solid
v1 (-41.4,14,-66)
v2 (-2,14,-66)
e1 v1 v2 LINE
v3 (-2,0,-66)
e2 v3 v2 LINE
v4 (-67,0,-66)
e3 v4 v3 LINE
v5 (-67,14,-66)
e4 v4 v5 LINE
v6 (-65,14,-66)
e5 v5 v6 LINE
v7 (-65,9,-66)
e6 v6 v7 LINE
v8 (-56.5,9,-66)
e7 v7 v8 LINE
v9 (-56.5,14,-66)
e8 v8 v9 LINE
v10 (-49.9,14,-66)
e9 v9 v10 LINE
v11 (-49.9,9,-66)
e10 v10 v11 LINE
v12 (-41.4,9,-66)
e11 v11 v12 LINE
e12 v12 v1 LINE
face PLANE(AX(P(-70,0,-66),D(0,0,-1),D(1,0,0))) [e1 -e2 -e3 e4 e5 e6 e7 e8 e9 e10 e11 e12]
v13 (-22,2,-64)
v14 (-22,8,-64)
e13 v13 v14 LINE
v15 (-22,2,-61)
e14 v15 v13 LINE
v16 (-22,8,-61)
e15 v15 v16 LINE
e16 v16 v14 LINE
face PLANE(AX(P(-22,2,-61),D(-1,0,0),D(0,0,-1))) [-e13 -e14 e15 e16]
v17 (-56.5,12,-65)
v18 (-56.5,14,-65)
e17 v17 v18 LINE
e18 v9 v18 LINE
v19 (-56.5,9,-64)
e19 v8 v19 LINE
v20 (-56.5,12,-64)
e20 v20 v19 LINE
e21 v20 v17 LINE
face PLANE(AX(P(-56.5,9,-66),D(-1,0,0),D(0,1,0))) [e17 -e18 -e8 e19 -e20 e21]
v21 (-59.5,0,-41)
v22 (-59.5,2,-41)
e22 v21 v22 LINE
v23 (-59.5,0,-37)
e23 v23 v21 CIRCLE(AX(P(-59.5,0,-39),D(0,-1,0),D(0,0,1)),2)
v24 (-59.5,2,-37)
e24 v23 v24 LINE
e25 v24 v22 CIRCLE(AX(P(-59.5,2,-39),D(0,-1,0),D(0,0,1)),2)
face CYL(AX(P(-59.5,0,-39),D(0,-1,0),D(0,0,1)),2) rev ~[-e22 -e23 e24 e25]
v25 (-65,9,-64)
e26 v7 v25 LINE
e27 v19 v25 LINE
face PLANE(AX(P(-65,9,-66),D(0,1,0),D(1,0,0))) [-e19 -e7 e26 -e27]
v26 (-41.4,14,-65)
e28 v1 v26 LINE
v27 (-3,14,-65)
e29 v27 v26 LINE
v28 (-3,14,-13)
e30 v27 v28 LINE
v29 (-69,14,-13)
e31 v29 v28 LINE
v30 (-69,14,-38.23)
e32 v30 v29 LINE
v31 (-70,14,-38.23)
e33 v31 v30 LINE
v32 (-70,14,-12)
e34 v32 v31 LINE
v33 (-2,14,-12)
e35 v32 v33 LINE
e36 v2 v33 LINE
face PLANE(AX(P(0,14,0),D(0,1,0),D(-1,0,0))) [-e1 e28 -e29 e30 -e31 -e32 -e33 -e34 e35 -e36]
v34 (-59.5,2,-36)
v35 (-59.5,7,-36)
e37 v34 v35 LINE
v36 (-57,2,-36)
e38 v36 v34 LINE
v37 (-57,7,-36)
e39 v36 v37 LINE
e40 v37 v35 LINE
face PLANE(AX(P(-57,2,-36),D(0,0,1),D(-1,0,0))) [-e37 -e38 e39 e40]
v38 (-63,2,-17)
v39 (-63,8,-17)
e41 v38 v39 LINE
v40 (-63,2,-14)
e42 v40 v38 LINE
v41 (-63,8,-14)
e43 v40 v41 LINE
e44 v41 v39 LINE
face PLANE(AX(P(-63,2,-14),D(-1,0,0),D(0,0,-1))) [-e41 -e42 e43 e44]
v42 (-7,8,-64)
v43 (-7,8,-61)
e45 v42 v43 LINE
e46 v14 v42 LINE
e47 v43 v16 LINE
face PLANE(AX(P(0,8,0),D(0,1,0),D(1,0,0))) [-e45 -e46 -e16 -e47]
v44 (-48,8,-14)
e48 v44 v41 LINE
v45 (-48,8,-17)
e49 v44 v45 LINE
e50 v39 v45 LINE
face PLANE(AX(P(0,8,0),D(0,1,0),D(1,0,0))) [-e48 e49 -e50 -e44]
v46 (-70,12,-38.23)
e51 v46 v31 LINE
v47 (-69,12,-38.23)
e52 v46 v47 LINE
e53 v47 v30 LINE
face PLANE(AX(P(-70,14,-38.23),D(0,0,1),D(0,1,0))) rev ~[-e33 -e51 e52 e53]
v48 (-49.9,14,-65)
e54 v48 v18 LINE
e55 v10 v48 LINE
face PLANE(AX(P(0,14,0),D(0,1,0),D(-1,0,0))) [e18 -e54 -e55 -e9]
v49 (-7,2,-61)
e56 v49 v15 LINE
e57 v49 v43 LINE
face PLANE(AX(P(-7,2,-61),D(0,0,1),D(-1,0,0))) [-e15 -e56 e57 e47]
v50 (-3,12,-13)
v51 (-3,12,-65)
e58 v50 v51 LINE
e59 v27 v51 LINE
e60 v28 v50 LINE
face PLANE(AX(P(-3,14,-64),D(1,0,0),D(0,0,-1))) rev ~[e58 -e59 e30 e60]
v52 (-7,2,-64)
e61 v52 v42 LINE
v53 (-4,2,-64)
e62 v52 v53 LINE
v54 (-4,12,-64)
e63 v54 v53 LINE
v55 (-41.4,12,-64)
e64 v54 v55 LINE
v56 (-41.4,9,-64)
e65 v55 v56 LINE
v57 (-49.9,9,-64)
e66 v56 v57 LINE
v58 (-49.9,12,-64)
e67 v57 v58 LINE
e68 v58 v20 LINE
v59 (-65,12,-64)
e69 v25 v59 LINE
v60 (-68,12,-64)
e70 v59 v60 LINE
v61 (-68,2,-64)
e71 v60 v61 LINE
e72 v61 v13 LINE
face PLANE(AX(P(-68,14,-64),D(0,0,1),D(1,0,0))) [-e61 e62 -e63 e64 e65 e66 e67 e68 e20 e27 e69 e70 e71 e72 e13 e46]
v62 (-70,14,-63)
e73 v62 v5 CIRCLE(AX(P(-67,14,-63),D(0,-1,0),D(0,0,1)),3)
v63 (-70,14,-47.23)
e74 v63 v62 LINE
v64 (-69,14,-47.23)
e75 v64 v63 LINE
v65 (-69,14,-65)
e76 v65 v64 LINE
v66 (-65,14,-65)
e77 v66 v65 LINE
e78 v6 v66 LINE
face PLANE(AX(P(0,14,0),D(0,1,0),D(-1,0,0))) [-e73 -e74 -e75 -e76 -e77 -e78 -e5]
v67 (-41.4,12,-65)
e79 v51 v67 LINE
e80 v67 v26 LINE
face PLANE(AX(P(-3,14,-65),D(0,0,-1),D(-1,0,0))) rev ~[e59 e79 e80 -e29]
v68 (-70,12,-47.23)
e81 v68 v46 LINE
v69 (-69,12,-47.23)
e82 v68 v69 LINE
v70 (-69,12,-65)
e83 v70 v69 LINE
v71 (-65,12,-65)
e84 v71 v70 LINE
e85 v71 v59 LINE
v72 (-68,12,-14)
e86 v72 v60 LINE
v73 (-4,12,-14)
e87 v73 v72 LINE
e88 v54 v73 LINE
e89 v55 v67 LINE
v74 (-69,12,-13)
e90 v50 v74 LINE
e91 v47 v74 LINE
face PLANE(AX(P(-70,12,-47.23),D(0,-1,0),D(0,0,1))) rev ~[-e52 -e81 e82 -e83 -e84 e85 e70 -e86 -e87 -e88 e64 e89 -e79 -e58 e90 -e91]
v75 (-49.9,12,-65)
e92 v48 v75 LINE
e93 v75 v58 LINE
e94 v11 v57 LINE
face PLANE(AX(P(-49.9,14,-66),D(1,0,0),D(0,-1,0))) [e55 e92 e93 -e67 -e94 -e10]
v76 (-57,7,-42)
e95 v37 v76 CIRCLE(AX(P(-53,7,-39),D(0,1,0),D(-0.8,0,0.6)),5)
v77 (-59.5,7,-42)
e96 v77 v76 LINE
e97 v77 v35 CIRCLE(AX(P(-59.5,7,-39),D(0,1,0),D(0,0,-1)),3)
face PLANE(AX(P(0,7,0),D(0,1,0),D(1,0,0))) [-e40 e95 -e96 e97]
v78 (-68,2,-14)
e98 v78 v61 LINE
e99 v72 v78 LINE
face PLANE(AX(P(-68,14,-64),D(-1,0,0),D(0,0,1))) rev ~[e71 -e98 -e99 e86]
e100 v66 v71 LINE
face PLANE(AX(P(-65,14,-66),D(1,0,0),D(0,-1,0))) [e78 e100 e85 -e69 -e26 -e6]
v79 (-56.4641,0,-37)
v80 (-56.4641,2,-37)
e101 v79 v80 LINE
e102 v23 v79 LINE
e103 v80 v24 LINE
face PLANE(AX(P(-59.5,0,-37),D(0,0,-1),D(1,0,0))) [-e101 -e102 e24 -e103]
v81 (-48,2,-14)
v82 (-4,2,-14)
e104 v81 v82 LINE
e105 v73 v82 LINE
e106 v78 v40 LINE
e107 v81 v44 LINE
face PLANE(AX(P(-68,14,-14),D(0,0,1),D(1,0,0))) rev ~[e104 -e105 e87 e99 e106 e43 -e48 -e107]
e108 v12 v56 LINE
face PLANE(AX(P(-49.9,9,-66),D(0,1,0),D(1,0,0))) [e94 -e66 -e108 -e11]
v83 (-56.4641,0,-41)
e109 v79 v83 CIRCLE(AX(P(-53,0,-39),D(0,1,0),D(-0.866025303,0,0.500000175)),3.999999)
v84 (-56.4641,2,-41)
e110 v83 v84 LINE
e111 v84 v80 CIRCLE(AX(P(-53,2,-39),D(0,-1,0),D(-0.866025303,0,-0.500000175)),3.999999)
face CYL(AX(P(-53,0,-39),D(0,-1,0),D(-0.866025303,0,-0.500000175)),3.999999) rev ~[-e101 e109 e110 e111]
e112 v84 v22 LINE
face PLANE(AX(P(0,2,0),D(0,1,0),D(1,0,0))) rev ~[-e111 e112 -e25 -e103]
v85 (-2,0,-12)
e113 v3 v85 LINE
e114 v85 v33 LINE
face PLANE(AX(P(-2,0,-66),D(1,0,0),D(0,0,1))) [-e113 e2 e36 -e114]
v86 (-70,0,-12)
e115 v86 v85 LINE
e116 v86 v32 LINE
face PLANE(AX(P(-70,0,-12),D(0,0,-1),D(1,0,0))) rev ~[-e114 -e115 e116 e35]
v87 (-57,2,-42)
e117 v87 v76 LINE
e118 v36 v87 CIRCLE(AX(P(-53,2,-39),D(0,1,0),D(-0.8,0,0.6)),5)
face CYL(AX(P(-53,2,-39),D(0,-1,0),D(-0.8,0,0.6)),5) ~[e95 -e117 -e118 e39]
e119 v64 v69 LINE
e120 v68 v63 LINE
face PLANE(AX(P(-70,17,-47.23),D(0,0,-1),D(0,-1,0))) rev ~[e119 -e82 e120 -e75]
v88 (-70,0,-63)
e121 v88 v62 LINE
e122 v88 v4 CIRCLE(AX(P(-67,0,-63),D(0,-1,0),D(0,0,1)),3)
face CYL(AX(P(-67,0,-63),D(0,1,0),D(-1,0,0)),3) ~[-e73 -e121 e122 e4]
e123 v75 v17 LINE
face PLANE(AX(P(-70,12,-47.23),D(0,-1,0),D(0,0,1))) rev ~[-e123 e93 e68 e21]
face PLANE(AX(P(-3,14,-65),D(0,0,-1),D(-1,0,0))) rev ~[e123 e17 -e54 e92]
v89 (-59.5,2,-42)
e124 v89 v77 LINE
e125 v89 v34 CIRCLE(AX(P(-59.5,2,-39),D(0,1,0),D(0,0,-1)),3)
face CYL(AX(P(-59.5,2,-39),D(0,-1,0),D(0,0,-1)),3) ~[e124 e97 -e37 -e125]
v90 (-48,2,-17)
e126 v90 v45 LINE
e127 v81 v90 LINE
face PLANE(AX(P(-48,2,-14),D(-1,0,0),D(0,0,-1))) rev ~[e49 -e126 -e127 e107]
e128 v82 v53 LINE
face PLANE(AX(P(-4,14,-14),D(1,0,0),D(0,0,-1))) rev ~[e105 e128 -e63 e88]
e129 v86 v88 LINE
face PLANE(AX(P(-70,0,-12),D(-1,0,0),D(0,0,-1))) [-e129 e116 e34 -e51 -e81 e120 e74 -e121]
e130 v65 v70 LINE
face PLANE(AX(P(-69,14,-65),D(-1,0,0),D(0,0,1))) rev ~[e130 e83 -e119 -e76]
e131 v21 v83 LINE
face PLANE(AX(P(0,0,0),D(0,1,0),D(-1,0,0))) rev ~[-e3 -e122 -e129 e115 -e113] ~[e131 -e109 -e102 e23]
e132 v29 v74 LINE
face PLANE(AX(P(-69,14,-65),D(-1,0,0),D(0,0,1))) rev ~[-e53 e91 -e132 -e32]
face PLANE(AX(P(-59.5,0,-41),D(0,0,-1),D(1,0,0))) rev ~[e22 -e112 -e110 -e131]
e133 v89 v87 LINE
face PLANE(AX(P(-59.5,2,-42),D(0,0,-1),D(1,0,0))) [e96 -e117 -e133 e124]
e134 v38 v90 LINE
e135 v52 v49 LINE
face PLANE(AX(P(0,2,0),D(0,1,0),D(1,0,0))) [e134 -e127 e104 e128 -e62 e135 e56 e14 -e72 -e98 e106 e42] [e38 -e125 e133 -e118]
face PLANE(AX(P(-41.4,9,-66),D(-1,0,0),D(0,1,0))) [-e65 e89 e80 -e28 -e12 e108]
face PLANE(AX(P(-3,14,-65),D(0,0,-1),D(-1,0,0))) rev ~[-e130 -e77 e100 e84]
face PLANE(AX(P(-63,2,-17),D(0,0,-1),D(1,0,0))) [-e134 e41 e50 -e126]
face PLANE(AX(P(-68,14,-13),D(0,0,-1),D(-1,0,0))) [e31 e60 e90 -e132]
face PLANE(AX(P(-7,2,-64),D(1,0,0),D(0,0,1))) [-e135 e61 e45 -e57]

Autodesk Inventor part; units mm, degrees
ref_plane "YZ Plane" through (0, 0, 0) normal (1, 0, 0) x (0, 1, 0)
ref_plane "XZ Plane" through (0, 0, 0) normal (0, 1, 0) x (-1, 0, 0)
ref_plane "XY Plane" through (0, 0, 0) normal (0, 0, 1) x (1, 0, 0)
sketch "Sketch1" plane through (0, 0, 0) normal (0, 1, 0) x (-1, 0, 0)
  point P0 (0, 0)
sketch "Sketch2" plane through (0, 0, 0) normal (0, 1, 0) x (-1, 0, 0)
  line L0 (70, -12) -> (70, -66)
  line L1 (70, -66) -> (2, -66)
  line L2 (70, -12) -> (2, -12)
  line L3 (2, -66) -> (2, -12)
  point P0 (0, 0)
  point P1 (2, 0)
  dimension "d151" = 68
  dimension "d152" = 54
extrude "Extrusion1" add sketch "Sketch2" along normal blind 14
sketch "Sketch3" plane through (0, 14, 0) normal (0, 1, 0) x (1, 0, 0)
  point P0 (0, 0)
sketch "Sketch4" plane through (0, 14, 0) normal (0, 1, 0) x (1, 0, 0)
  line L0 (-2, 66) -> (-70, 66) projected
  line L1 (-30.4814, 66) -> (-28.4814, 66)
  line L2 (-28.4814, 66) -> (-28.4814, 64)
  line L3 (-70, 66) -> (-70, 12) projected
  line L4 (-70, 37.8423) -> (-70, 39.8423)
  line L5 (-70, 39.8423) -> (-68, 39.8423)
  line L6 (-68, 64) -> (-68, 14)
  line L7 (-68, 64) -> (-4, 64)
  line L8 (-68, 14) -> (-4, 14)
  line L9 (-4, 14) -> (-4, 64)
  line L10 (-70, 12) -> (-2, 12) projected
  line L11 (-2, 12) -> (-2, 66) projected
  point P0 (-2, 64)
  point P1 (-68, 12)
  dimension "d6" = 2
  dimension "d8" = 2
  dimension "d102" = 2
  dimension "d104" = 2
  dimension "d153" = 2
  dimension "d154" = 2
extrude "Extrusion2" cut sketch "Sketch4" against normal blind 12 contours L7 L9 L8 L6
sketch "Sketch10" plane through (0, 2, 0) normal (0, 1, 0) x (1, 0, 0)
  line L0 (-48, 14) -> (-48, 17)
  line L1 (-48, 14) -> (-63, 14)
  line L2 (-63, 14) -> (-63, 17)
  line L3 (-63, 17) -> (-48, 17)
  line L4 (-48, 17) -> (-48, 14)
  line L5 (-22, 64) -> (-7, 64)
  line L6 (-7, 64) -> (-7, 61)
  line L7 (-7, 61) -> (-22, 61)
  line L8 (-22, 61) -> (-22, 64)
  line L9 (-68, 64) -> (-4, 64) projected
  line L10 (-63, 14) -> (-48, 14)
  line L11 (-4, 14) -> (-68, 14) projected
  point P0 (-68, 2)
  point P1 (-2, 64)
  dimension "d55" = 3
  dimension "d56" = 15
  dimension "d60" = 15
  dimension "d108" = 3
  dimension "d155" = 0
extrude "Extrusion5" add sketch "Sketch10" along normal blind 6
sketch "Sketch12" plane through (0, 0, 0) normal (0, -1, 0) x (1, 0, 0)
  line L0 (0, 0) -> (0, -66) projected
  line L1 (-2, -12) -> (-2, -66) projected
  line L2 (-2, -66) -> (-70, -66) projected
  line L3 (-2, -66) -> (-70, -66)
  line L4 (-36, -66) -> (-36, -12)
  line L5 (-70, -66) -> (-70, -12) projected
  line L6 (-70, -66) -> (-70, -12)
  line L7 (-70, -39) -> (-2, -39)
  line L8 (-36, -39) -> (-36, -66)
  line L9 (-70, -66) -> (-36, -66)
  arc A0 (-56.4641, -41) -> (-56.4641, -37) centre (-53, -39) ccw
  line L10 (-53, -39) -> (-59.5, -39)
  arc A1 (-59.5, -37) -> (-59.5, -41) centre (-59.5, -39) ccw
  line L11 (-59.5, -41) -> (-56.4641, -41)
  line L12 (-59.5, -37) -> (-56.4641, -37)
  dimension "d158" = 8
  dimension "d159" = 6.5
  dimension "d160" = 4
extrude "Extrusion7" cut sketch "Sketch12" against normal blind 6 contours A0 L11 A1 L7 | L7 A1 L12 A0
sketch "Sketch13" plane through (0, 14, 0) normal (0, 1, 0) x (1, 0, 0)
  line L0 (-70, 66) -> (-70, 12) projected
  line L1 (-69, 65) -> (-69, 13)
  line L2 (-2, 66) -> (-70, 66) projected
  line L3 (-68, 64) -> (-4, 64)
  line L4 (-2, 64) -> (-2, 12)
  line L5 (-68, 14) -> (-68, 64)
  line L6 (-4, 14) -> (-68, 14) projected
  line L7 (-68, 14) -> (-4, 14)
  line L8 (-7, 64) -> (-4, 64) projected
  line L9 (-4, 14) -> (-4, 64)
  line L10 (-70, 12) -> (-2, 12) projected
  line L11 (-68, 13) -> (-69, 13)
  line L12 (-68, 13) -> (-3, 13)
  line L13 (-2, 12) -> (-2, 66) projected
  line L14 (-4, 13) -> (-3, 13)
  line L15 (-3, 13) -> (-3, 64)
  line L16 (-3, 64) -> (-3, 65)
  line L17 (-3, 65) -> (-69, 65)
  dimension "d96" = 1
  dimension "d99" = 1
extrude "Extrusion8" cut sketch "Sketch13" against normal blind 2 contours L17 L16 L15 L12 L11 L1 | L3 L9 L6 L5
sketch "Sketch15" plane through (-70, 0, -66) normal (-1, 0, 0) x (0, 0, 1)
  line L0 (62.4242, 8) -> (52.7396, 8)
  line L1 (0, 0) -> (66, 0) projected
  line L2 (0, 14) -> (54, 14) projected
  line L3 (0, 0) -> (0, 14) projected
  line L4 (18.77, 12) -> (27.77, 12)
  line L5 (27.77, 12) -> (27.77, 17)
  line L6 (27.77, 17) -> (18.77, 17)
  line L7 (18.77, 17) -> (18.77, 12)
  point P0 (66, 14)
  dimension "d118" = 8
  dimension "d140" = 27.77
  dimension "d141" = 9
  dimension "d143" = 5
  dimension "d150" = 4
extrude "Extrusion9" cut sketch "Sketch15" against normal blind 10
sketch "Sketch16" plane through (-2, 0, -66) normal (0, 0, -1) x (-1, 0, 0)
  line L0 (39.4, 14) -> (47.9, 14)
  line L1 (47.9, 14) -> (47.9, 9)
  line L2 (47.9, 9) -> (39.4, 9)
  line L3 (39.4, 9) -> (39.4, 14)
  line L4 (54.5, 14) -> (63, 14)
  line L5 (63, 14) -> (63, 9)
  line L6 (63, 9) -> (54.5, 9)
  line L7 (54.5, 9) -> (54.5, 14)
  line L8 (20, 8) -> (5, 8) projected
  line L9 (68, 0) -> (68, 14) projected
  point P0 (-2, 0)
  dimension "d127" = 8.5
  dimension "d128" = 8.5
  dimension "d131" = 28.6
  dimension "d132" = 13.5
  dimension "d148" = 5
  dimension "d149" = 6
extrude "Extrusion10" cut sketch "Sketch16" against normal blind 10
fillet "Fillet8" radius 3 1 edges at (-70, 7, -66)
sketch "Sketch17" plane through (0, 2, 0) normal (0, 1, 0) x (1, 0, 0)
  arc A0 (-59.5, 42) -> (-59.5, 36) centre (-59.5, 39) ccw
  line L0 (-59.5, 42) -> (-57, 42)
  arc A1 (-57, 36) -> (-57, 42) centre (-53, 39) ccw
  line L1 (-57, 36) -> (-59.5, 36)
  point P0 (0, 0)
extrude "Extrusion11" add sketch "Sketch17" along normal blind 5
properties part number "Shell 4 bottom"
